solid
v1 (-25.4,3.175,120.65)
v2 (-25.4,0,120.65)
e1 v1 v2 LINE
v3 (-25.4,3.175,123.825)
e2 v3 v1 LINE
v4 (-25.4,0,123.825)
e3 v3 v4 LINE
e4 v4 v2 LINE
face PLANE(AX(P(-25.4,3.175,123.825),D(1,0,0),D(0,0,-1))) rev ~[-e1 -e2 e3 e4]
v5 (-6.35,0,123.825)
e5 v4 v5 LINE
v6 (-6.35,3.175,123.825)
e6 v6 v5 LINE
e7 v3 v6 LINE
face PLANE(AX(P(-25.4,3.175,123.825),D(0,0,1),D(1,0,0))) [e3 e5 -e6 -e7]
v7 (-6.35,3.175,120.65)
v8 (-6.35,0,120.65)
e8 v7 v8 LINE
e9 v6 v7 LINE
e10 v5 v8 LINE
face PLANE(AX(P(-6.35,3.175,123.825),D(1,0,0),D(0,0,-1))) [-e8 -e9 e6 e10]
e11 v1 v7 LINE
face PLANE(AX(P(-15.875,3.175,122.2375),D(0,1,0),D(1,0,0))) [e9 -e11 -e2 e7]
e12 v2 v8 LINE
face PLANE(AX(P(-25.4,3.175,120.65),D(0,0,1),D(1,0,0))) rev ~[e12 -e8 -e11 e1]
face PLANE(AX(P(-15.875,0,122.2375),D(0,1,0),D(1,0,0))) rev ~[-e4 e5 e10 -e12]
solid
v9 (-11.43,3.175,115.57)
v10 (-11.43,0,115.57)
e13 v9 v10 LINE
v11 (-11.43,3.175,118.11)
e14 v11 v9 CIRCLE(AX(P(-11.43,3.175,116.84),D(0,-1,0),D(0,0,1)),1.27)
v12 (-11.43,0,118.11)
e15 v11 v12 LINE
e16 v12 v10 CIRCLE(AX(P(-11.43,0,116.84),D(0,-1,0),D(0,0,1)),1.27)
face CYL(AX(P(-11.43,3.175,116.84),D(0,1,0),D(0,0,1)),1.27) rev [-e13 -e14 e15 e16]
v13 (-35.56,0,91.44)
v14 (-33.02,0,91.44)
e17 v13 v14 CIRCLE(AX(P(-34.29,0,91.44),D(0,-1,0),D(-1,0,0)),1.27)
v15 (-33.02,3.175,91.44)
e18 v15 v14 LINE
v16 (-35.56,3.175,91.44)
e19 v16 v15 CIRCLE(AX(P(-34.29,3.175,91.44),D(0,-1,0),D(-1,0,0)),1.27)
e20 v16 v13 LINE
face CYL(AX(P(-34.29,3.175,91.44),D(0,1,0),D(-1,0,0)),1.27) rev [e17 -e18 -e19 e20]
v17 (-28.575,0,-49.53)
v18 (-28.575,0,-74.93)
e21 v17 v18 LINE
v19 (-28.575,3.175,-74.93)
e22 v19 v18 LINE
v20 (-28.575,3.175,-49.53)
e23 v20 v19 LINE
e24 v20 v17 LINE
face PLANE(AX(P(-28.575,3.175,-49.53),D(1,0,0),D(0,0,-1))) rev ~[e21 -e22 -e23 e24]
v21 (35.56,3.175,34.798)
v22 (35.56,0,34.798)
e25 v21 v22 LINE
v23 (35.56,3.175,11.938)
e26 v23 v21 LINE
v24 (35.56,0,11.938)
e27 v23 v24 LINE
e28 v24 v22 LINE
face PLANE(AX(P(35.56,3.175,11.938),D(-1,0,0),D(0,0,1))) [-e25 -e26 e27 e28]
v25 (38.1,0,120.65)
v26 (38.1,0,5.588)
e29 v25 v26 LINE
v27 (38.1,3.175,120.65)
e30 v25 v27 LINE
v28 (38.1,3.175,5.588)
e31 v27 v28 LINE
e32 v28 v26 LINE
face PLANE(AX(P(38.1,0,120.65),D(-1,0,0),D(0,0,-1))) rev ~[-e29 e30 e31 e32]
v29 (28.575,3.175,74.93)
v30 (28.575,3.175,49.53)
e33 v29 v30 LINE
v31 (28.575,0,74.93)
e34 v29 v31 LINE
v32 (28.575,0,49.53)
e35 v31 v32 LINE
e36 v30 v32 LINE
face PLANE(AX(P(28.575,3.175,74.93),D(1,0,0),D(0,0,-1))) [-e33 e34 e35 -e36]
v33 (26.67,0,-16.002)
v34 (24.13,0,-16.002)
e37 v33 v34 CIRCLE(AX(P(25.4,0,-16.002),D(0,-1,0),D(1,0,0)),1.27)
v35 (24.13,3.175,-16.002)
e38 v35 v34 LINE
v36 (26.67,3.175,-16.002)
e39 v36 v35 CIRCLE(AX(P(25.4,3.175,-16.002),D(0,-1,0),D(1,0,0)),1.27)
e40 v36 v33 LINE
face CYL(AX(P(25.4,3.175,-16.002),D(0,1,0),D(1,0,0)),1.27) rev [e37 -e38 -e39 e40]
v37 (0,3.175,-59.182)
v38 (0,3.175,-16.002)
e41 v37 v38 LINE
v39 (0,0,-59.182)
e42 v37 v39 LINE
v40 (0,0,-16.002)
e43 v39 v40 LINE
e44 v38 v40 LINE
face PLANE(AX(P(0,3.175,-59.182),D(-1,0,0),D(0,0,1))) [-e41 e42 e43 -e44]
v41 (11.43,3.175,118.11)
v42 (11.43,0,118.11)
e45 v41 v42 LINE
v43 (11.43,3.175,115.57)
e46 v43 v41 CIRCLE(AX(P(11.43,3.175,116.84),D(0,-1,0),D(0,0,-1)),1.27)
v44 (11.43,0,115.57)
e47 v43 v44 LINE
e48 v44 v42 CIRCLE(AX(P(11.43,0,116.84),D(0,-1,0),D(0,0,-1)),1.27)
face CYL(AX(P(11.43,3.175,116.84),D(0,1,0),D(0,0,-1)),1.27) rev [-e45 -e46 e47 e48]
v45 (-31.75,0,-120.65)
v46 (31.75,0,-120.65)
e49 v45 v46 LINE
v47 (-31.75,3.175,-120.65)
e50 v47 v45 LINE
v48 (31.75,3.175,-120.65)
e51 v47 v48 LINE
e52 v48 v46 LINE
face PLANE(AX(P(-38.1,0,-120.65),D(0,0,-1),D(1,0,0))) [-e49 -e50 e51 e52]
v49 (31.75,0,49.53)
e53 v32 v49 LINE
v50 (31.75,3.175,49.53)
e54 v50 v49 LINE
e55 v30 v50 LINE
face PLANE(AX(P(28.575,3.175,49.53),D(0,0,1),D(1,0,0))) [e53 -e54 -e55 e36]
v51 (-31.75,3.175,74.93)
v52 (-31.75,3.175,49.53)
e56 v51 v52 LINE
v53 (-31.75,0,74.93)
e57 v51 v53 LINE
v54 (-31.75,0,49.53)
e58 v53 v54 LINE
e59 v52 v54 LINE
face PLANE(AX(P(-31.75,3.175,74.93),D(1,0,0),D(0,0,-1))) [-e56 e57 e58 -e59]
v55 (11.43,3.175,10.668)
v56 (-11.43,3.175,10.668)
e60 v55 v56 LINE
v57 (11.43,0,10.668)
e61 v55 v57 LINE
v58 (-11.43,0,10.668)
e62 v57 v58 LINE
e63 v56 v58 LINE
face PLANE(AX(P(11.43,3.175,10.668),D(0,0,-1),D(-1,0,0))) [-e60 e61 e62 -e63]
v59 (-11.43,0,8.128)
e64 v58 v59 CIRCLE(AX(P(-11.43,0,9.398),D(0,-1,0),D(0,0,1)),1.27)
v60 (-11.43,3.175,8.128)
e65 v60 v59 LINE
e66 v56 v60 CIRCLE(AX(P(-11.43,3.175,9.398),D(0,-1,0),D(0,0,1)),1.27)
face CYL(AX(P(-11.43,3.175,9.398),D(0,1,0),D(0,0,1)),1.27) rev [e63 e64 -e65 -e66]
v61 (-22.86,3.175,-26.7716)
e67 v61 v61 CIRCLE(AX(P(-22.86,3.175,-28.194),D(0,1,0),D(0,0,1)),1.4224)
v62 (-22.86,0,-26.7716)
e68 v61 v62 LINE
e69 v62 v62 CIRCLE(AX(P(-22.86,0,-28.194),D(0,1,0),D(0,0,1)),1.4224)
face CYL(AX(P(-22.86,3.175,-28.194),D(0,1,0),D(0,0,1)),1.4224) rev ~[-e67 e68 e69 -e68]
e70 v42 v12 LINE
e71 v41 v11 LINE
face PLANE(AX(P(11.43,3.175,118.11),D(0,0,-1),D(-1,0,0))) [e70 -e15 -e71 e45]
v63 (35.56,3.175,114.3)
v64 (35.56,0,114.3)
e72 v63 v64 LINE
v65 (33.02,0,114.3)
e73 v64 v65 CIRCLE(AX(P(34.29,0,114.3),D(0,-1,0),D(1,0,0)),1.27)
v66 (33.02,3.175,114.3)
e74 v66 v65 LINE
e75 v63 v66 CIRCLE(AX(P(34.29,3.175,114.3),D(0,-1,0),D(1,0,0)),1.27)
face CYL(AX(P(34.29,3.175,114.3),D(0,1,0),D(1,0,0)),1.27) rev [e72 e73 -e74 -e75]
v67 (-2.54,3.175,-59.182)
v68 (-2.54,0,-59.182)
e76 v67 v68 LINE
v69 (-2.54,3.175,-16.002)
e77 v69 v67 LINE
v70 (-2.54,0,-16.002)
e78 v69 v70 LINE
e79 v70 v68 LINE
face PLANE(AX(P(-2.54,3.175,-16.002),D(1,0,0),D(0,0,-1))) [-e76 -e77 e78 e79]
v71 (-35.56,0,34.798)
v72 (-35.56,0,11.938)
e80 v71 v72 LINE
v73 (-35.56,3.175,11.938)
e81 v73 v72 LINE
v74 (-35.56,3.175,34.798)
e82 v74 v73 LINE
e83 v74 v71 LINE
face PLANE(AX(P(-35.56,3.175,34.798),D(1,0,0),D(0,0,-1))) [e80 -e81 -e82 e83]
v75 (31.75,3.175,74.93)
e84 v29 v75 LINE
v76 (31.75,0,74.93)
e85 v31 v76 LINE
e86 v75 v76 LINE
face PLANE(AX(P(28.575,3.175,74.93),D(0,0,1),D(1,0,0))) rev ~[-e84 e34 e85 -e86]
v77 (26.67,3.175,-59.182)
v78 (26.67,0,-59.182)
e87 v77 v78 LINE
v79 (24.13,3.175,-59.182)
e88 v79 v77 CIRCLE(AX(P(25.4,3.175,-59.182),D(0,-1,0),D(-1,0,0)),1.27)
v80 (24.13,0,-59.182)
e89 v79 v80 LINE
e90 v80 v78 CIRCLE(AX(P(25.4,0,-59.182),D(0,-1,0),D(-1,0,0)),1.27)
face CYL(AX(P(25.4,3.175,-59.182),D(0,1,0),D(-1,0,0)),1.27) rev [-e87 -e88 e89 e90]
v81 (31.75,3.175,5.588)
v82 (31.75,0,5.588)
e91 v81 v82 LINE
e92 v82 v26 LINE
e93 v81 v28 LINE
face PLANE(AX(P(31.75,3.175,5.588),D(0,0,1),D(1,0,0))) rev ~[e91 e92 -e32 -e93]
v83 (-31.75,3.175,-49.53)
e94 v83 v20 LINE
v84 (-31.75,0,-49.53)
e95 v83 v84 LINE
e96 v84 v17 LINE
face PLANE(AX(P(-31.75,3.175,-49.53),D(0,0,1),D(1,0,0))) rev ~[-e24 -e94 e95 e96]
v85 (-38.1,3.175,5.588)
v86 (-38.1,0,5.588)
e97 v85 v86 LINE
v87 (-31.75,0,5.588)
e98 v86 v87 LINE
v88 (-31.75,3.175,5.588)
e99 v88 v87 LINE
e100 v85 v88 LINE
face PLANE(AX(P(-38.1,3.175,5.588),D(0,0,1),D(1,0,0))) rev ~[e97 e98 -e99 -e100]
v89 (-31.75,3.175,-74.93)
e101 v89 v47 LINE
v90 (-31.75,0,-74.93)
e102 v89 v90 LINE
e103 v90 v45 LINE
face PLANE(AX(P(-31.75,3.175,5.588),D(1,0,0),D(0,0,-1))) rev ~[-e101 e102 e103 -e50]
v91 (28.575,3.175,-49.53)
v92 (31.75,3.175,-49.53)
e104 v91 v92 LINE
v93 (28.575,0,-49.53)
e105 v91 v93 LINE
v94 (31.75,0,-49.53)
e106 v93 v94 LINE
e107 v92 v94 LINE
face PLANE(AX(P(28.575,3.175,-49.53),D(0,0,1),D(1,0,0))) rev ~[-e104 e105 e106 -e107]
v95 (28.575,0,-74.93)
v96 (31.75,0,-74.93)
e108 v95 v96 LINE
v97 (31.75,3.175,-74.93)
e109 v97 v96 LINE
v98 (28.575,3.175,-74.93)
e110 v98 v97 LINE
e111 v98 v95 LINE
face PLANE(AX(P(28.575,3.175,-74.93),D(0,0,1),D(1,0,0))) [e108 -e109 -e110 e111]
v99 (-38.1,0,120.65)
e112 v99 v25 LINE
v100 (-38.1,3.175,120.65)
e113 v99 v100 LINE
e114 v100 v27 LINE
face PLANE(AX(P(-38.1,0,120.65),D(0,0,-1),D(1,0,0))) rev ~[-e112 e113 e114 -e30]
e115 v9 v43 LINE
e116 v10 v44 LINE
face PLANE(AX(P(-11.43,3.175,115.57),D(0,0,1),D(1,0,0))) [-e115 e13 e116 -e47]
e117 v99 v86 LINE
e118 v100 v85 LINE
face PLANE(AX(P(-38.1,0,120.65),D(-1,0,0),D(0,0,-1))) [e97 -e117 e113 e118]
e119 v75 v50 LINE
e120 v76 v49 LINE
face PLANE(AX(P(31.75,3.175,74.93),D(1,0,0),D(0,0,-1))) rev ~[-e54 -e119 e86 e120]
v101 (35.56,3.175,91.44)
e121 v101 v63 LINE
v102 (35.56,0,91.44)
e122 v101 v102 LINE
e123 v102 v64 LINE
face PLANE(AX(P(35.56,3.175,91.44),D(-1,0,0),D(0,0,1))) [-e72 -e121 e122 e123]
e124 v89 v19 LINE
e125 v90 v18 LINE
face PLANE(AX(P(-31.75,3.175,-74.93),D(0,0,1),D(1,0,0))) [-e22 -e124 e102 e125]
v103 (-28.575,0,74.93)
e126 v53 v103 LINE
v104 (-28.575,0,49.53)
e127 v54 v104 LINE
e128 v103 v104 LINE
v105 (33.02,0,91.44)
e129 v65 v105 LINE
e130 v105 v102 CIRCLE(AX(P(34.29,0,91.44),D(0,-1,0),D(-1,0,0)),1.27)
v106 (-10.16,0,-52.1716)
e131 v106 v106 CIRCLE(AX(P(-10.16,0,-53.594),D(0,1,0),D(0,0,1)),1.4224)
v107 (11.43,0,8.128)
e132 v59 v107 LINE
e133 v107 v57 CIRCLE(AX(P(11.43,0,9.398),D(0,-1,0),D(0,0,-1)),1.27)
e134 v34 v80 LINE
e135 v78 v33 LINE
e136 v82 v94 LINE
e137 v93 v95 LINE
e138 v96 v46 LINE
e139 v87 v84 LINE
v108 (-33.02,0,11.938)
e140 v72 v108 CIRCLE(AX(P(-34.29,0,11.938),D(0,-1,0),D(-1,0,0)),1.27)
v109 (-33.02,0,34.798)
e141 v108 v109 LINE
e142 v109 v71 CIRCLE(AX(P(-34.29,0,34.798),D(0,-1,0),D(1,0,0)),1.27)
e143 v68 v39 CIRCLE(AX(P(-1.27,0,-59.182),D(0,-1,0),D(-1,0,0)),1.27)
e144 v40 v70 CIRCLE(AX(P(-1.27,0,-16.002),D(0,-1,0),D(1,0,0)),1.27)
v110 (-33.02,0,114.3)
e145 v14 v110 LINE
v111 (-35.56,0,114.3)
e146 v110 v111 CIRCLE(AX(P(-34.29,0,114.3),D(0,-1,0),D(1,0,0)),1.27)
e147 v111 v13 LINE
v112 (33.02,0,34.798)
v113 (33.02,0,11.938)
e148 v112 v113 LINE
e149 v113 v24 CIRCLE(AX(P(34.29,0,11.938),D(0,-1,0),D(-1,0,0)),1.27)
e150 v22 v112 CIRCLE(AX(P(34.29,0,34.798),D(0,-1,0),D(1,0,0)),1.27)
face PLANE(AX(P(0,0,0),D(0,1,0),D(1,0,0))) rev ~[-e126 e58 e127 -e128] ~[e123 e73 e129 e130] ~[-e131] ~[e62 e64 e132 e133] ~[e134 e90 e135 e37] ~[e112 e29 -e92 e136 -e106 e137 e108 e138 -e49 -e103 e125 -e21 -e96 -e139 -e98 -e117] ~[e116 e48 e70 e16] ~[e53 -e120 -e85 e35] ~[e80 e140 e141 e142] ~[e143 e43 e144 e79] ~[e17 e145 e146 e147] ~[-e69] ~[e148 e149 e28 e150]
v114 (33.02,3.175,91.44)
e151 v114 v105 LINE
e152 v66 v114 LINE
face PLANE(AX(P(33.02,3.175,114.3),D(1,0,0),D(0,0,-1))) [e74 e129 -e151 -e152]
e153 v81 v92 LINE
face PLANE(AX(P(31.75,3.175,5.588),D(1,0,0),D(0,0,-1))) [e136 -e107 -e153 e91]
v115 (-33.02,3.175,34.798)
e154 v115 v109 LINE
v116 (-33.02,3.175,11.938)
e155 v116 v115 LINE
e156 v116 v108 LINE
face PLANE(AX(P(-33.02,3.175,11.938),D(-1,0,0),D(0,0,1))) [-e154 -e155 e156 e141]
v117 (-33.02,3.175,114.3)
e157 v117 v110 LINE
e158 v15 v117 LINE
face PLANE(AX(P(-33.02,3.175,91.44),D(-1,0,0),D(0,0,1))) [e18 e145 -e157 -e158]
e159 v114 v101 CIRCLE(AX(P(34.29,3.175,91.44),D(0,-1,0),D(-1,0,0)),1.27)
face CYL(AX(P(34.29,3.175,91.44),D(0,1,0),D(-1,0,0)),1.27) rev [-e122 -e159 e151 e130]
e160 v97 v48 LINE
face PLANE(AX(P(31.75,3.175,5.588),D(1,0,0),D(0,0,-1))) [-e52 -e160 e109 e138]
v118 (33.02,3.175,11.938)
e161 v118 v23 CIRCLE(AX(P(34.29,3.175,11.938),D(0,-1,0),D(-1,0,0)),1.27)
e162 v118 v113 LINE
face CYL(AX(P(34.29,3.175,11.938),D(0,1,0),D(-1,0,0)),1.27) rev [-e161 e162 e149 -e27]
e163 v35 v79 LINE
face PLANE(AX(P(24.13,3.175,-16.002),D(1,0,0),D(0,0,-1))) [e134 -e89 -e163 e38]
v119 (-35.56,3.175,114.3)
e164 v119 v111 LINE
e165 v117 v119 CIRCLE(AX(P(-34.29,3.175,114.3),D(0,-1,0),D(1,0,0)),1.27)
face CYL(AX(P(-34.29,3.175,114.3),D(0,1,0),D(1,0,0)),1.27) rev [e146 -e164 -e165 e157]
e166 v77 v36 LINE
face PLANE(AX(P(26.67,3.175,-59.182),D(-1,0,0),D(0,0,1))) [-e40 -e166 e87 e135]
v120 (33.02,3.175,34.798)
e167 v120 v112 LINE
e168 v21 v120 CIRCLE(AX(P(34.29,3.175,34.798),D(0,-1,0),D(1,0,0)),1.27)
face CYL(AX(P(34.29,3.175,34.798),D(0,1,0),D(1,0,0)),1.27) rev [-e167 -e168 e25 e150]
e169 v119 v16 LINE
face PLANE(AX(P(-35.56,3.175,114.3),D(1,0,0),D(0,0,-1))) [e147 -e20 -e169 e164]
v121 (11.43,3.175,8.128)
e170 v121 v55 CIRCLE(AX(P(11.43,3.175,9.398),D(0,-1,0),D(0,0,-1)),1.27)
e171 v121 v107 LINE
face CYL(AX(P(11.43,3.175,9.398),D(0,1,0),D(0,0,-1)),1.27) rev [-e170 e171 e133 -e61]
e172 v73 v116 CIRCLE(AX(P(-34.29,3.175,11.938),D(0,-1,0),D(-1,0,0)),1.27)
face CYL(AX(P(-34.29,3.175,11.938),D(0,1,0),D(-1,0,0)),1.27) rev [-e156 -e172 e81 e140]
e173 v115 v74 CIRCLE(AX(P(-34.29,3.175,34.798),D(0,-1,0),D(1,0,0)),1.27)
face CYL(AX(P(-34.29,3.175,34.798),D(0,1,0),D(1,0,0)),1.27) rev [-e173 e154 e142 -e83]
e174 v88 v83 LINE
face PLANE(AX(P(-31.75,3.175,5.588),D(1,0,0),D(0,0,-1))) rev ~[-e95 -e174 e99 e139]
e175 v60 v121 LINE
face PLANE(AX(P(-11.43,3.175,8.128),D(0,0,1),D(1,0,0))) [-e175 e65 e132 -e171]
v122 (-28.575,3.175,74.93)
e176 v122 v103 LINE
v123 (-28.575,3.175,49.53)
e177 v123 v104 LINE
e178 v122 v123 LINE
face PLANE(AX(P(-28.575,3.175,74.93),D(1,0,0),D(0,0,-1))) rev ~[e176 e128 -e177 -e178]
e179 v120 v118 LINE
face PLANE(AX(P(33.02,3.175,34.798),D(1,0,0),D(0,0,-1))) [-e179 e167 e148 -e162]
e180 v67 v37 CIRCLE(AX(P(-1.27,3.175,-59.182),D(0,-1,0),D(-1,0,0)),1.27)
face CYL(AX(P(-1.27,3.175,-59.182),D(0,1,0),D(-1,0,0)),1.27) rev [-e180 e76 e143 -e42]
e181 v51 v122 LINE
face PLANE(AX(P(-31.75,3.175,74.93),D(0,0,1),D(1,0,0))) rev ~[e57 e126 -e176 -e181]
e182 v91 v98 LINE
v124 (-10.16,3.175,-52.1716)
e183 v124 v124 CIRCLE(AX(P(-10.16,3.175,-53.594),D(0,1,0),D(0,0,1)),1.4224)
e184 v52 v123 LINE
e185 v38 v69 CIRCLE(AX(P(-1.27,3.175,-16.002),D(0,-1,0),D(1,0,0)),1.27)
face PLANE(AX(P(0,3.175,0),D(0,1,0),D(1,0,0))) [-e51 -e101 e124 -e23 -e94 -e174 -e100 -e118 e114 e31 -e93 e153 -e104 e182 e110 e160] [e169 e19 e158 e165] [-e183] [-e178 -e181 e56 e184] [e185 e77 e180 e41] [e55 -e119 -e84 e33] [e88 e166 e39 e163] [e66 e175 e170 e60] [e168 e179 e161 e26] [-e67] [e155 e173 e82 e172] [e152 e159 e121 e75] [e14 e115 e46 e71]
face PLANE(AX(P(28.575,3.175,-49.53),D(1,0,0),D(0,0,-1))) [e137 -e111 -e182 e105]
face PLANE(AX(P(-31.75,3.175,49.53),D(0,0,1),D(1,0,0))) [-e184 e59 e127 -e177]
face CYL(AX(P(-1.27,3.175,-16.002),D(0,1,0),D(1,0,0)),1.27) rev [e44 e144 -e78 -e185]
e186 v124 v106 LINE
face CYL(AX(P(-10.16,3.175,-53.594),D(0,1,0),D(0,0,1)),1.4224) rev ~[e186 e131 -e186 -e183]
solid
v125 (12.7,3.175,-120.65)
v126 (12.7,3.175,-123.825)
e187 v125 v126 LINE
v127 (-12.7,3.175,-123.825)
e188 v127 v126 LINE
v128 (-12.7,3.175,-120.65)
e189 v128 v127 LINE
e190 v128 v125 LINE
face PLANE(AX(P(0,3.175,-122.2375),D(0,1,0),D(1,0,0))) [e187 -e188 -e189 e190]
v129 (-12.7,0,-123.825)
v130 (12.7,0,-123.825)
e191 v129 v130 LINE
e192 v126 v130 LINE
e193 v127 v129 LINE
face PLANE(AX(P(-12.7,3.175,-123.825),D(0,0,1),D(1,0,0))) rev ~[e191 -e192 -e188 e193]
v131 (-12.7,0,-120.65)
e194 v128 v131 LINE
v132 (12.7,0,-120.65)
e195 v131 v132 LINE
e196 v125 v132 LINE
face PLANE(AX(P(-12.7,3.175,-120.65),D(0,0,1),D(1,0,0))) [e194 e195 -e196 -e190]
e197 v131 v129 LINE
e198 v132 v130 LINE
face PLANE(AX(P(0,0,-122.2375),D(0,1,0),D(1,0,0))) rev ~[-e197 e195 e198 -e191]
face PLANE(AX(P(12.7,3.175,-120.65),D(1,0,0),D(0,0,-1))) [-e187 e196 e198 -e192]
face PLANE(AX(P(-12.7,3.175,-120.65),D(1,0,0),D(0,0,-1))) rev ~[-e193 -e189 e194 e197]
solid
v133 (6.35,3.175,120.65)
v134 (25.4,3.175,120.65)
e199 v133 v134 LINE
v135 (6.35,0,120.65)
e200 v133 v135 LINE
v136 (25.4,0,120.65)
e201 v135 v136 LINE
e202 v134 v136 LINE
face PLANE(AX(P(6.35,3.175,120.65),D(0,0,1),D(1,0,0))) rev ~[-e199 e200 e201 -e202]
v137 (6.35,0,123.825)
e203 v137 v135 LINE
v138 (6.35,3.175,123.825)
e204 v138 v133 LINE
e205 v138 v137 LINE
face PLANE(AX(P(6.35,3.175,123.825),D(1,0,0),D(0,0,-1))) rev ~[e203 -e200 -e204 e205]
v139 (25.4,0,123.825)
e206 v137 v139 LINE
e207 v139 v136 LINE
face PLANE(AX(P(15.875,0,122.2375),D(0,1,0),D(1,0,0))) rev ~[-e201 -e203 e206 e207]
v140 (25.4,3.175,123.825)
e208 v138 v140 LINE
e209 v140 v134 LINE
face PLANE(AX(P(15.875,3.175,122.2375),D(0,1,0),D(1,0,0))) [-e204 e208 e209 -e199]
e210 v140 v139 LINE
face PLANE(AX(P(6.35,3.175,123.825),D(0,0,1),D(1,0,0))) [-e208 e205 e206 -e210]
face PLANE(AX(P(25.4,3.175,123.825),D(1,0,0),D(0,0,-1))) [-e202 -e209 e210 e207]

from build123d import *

# Parameters (mm, degrees)
SKETCH1_W             = 76.2
SKETCH1_H             = 241.3
BOSS_EXTRUDE1_DEPTH   = 3.175
SKETCH5_W             = 6.35
SKETCH5_H             = 126.238
CUT_EXTRUDE11_DEPTH   = 3.175
SKETCH5_4_W           = 6.35
SKETCH5_4_H           = 126.238
CUT_EXTRUDE12_DEPTH   = 3.175
SKETCH7_W             = 3.175
SKETCH7_H             = 25.4
CUT_EXTRUDE13_DEPTH   = 3.175
SKETCH7_3_W           = 3.175
SKETCH7_3_H           = 25.4
CUT_EXTRUDE14_DEPTH   = 3.175
SKETCH8_W             = 19.05
SKETCH8_H             = 3.175
BOSS_EXTRUDE2_DEPTH   = 3.175
BOSS_EXTRUDE2_2_DEPTH = 3.175
SKETCH8_W_2           = 25.4
BOSS_EXTRUDE2_3_DEPTH = 3.175
CUT_EXTRUDE15_DEPTH   = 3.175
SKETCH10_R            = 1.4224
CUT_EXTRUDE16_DEPTH   = 3.175


with BuildPart() as part:
    # Sketch1 → Boss-Extrude1 (new body)
    with BuildSketch(Plane(origin=(0, 0, 0), x_dir=(1, 0, 0), z_dir=(0, 1, 0))):
        Rectangle(SKETCH1_W, SKETCH1_H)
    extrude(amount=BOSS_EXTRUDE1_DEPTH)

    # Sketch5 → Cut-Extrude11 (cut)
    with BuildSketch(Plane(origin=(0, 3.175, 0), x_dir=(1, 0, 0), z_dir=(0, 1, 0))):
        with Locations((-34.925, 57.531)):
            Rectangle(SKETCH5_W, SKETCH5_H)
    extrude(amount=-CUT_EXTRUDE11_DEPTH, mode=Mode.SUBTRACT)

    # Sketch5<4> → Cut-Extrude12 (cut)
    with BuildSketch(Plane(origin=(0, 3.175, 0), x_dir=(1, 0, 0), z_dir=(0, 1, 0))):
        with Locations((34.925, 57.531)):
            Rectangle(SKETCH5_4_W, SKETCH5_4_H)
    extrude(amount=-CUT_EXTRUDE12_DEPTH, mode=Mode.SUBTRACT)

    # Sketch7 → Cut-Extrude13 (cut)
    with BuildSketch(Plane(origin=(0, 3.175, 0), x_dir=(1, 0, 0), z_dir=(0, 1, 0))):
        with Locations((-30.1625, -62.23)):
            Rectangle(SKETCH7_W, SKETCH7_H)
    extrude(amount=-CUT_EXTRUDE13_DEPTH, mode=Mode.SUBTRACT)

    # Sketch7<3> → Cut-Extrude14 (cut)
    with BuildSketch(Plane(origin=(0, 3.175, 0), x_dir=(1, 0, 0), z_dir=(0, 1, 0))):
        with Locations((-30.1625, -62.23)):
            Rectangle(SKETCH7_3_W, SKETCH7_3_H)
        with Locations((30.1625, -62.23)):
            Rectangle(SKETCH7_3_W, SKETCH7_3_H)
        with Locations((-30.1625, 62.23)):
            Rectangle(SKETCH7_3_W, SKETCH7_3_H)
        with Locations((30.1625, 62.23)):
            Rectangle(SKETCH7_3_W, SKETCH7_3_H)
    extrude(amount=-CUT_EXTRUDE14_DEPTH, mode=Mode.SUBTRACT)

    # Sketch9 → Cut-Extrude15 (cut)
    with BuildSketch(Plane(origin=(0, 3.175, 0), x_dir=(1, 0, 0), z_dir=(0, 1, 0))):
        with BuildLine():
            Line((-11.43, -115.57), (11.43, -115.57))
            ThreePointArc((11.43, -115.57), (12.7, -116.84), (11.43, -118.11))
            Line((11.43, -118.11), (-11.43, -118.11))
            ThreePointArc((-11.43, -118.11), (-12.7, -116.84), (-11.43, -115.57))
        make_face()
        with BuildLine():
            Line((-11.43, -8.128), (11.43, -8.128))
            ThreePointArc((11.43, -8.128), (12.7, -9.398), (11.43, -10.668))
            Line((11.43, -10.668), (-11.43, -10.668))
            ThreePointArc((-11.43, -10.668), (-12.7, -9.398), (-11.43, -8.128))
        make_face()
        with BuildLine():
            Line((-35.56, -114.3), (-35.56, -91.44))
            ThreePointArc((-35.56, -91.44), (-34.29, -90.17), (-33.02, -91.44))
            Line((-33.02, -91.44), (-33.02, -114.3))
            ThreePointArc((-33.02, -114.3), (-34.29, -115.57), (-35.56, -114.3))
        make_face()
        with BuildLine():
            Line((33.02, -114.3), (33.02, -91.44))
            ThreePointArc((33.02, -91.44), (34.29, -90.17), (35.56, -91.44))
            Line((35.56, -91.44), (35.56, -114.3))
            ThreePointArc((35.56, -114.3), (34.29, -115.57), (33.02, -114.3))
        make_face()
        with BuildLine():
            Line((33.02, -34.798), (33.02, -11.938))
            ThreePointArc((33.02, -11.938), (34.29, -10.668), (35.56, -11.938))
            Line((35.56, -11.938), (35.56, -34.798))
            ThreePointArc((35.56, -34.798), (34.29, -36.068), (33.02, -34.798))
        make_face()
        with BuildLine():
            Line((-35.56, -34.798), (-35.56, -11.938))
            ThreePointArc((-35.56, -11.938), (-34.29, -10.668), (-33.02, -11.938))
            Line((-33.02, -11.938), (-33.02, -34.798))
            ThreePointArc((-33.02, -34.798), (-34.29, -36.068), (-35.56, -34.798))
        make_face()
    extrude(amount=-CUT_EXTRUDE15_DEPTH, mode=Mode.SUBTRACT)

    # Sketch10 → Cut-Extrude16 (cut)
    with BuildSketch(Plane(origin=(0, 3.175, 0), x_dir=(1, 0, 0), z_dir=(0, 1, 0))):
        with Locations((-22.86, 28.194)):
            Circle(SKETCH10_R)
        with Locations((-10.16, 53.594)):
            Circle(SKETCH10_R)
        with BuildLine():
            Line((-2.54, 16.002), (-2.54, 59.182))
            ThreePointArc((-2.54, 59.182), (-1.27, 60.452), (0, 59.182))
            Line((0, 59.182), (0, 16.002))
            ThreePointArc((0, 16.002), (-1.27, 14.732), (-2.54, 16.002))
        make_face()
        with BuildLine():
            Line((24.13, 16.002), (24.13, 59.182))
            ThreePointArc((24.13, 59.182), (25.4, 60.452), (26.67, 59.182))
            Line((26.67, 59.182), (26.67, 16.002))
            ThreePointArc((26.67, 16.002), (25.4, 14.732), (24.13, 16.002))
        make_face()
    extrude(amount=-CUT_EXTRUDE16_DEPTH, mode=Mode.SUBTRACT)


with BuildPart() as body_2:
    # Sketch8 → Boss-Extrude2 (new body)
    with BuildSketch(Plane(origin=(0, 3.175, 0), x_dir=(1, 0, 0), z_dir=(0, 1, 0))):
        with Locations((-15.875, -122.2375)):
            Rectangle(SKETCH8_W, SKETCH8_H)
    extrude(amount=-BOSS_EXTRUDE2_DEPTH)


with BuildPart() as body_3:
    # Sketch8 → Boss-Extrude2 2 (new body)
    with BuildSketch(Plane(origin=(0, 3.175, 0), x_dir=(1, 0, 0), z_dir=(0, 1, 0))):
        with Locations((15.875, -122.2375)):
            Rectangle(SKETCH8_W, SKETCH8_H)
    extrude(amount=-BOSS_EXTRUDE2_2_DEPTH)


with BuildPart() as body_4:
    # Sketch8 → Boss-Extrude2 3 (new body)
    with BuildSketch(Plane(origin=(0, 3.175, 0), x_dir=(1, 0, 0), z_dir=(0, 1, 0))):
        with Locations((0, 122.2375)):
            Rectangle(SKETCH8_W_2, SKETCH8_H)
    extrude(amount=-BOSS_EXTRUDE2_3_DEPTH)


solid = Compound([part.part, body_2.part, body_3.part, body_4.part])
